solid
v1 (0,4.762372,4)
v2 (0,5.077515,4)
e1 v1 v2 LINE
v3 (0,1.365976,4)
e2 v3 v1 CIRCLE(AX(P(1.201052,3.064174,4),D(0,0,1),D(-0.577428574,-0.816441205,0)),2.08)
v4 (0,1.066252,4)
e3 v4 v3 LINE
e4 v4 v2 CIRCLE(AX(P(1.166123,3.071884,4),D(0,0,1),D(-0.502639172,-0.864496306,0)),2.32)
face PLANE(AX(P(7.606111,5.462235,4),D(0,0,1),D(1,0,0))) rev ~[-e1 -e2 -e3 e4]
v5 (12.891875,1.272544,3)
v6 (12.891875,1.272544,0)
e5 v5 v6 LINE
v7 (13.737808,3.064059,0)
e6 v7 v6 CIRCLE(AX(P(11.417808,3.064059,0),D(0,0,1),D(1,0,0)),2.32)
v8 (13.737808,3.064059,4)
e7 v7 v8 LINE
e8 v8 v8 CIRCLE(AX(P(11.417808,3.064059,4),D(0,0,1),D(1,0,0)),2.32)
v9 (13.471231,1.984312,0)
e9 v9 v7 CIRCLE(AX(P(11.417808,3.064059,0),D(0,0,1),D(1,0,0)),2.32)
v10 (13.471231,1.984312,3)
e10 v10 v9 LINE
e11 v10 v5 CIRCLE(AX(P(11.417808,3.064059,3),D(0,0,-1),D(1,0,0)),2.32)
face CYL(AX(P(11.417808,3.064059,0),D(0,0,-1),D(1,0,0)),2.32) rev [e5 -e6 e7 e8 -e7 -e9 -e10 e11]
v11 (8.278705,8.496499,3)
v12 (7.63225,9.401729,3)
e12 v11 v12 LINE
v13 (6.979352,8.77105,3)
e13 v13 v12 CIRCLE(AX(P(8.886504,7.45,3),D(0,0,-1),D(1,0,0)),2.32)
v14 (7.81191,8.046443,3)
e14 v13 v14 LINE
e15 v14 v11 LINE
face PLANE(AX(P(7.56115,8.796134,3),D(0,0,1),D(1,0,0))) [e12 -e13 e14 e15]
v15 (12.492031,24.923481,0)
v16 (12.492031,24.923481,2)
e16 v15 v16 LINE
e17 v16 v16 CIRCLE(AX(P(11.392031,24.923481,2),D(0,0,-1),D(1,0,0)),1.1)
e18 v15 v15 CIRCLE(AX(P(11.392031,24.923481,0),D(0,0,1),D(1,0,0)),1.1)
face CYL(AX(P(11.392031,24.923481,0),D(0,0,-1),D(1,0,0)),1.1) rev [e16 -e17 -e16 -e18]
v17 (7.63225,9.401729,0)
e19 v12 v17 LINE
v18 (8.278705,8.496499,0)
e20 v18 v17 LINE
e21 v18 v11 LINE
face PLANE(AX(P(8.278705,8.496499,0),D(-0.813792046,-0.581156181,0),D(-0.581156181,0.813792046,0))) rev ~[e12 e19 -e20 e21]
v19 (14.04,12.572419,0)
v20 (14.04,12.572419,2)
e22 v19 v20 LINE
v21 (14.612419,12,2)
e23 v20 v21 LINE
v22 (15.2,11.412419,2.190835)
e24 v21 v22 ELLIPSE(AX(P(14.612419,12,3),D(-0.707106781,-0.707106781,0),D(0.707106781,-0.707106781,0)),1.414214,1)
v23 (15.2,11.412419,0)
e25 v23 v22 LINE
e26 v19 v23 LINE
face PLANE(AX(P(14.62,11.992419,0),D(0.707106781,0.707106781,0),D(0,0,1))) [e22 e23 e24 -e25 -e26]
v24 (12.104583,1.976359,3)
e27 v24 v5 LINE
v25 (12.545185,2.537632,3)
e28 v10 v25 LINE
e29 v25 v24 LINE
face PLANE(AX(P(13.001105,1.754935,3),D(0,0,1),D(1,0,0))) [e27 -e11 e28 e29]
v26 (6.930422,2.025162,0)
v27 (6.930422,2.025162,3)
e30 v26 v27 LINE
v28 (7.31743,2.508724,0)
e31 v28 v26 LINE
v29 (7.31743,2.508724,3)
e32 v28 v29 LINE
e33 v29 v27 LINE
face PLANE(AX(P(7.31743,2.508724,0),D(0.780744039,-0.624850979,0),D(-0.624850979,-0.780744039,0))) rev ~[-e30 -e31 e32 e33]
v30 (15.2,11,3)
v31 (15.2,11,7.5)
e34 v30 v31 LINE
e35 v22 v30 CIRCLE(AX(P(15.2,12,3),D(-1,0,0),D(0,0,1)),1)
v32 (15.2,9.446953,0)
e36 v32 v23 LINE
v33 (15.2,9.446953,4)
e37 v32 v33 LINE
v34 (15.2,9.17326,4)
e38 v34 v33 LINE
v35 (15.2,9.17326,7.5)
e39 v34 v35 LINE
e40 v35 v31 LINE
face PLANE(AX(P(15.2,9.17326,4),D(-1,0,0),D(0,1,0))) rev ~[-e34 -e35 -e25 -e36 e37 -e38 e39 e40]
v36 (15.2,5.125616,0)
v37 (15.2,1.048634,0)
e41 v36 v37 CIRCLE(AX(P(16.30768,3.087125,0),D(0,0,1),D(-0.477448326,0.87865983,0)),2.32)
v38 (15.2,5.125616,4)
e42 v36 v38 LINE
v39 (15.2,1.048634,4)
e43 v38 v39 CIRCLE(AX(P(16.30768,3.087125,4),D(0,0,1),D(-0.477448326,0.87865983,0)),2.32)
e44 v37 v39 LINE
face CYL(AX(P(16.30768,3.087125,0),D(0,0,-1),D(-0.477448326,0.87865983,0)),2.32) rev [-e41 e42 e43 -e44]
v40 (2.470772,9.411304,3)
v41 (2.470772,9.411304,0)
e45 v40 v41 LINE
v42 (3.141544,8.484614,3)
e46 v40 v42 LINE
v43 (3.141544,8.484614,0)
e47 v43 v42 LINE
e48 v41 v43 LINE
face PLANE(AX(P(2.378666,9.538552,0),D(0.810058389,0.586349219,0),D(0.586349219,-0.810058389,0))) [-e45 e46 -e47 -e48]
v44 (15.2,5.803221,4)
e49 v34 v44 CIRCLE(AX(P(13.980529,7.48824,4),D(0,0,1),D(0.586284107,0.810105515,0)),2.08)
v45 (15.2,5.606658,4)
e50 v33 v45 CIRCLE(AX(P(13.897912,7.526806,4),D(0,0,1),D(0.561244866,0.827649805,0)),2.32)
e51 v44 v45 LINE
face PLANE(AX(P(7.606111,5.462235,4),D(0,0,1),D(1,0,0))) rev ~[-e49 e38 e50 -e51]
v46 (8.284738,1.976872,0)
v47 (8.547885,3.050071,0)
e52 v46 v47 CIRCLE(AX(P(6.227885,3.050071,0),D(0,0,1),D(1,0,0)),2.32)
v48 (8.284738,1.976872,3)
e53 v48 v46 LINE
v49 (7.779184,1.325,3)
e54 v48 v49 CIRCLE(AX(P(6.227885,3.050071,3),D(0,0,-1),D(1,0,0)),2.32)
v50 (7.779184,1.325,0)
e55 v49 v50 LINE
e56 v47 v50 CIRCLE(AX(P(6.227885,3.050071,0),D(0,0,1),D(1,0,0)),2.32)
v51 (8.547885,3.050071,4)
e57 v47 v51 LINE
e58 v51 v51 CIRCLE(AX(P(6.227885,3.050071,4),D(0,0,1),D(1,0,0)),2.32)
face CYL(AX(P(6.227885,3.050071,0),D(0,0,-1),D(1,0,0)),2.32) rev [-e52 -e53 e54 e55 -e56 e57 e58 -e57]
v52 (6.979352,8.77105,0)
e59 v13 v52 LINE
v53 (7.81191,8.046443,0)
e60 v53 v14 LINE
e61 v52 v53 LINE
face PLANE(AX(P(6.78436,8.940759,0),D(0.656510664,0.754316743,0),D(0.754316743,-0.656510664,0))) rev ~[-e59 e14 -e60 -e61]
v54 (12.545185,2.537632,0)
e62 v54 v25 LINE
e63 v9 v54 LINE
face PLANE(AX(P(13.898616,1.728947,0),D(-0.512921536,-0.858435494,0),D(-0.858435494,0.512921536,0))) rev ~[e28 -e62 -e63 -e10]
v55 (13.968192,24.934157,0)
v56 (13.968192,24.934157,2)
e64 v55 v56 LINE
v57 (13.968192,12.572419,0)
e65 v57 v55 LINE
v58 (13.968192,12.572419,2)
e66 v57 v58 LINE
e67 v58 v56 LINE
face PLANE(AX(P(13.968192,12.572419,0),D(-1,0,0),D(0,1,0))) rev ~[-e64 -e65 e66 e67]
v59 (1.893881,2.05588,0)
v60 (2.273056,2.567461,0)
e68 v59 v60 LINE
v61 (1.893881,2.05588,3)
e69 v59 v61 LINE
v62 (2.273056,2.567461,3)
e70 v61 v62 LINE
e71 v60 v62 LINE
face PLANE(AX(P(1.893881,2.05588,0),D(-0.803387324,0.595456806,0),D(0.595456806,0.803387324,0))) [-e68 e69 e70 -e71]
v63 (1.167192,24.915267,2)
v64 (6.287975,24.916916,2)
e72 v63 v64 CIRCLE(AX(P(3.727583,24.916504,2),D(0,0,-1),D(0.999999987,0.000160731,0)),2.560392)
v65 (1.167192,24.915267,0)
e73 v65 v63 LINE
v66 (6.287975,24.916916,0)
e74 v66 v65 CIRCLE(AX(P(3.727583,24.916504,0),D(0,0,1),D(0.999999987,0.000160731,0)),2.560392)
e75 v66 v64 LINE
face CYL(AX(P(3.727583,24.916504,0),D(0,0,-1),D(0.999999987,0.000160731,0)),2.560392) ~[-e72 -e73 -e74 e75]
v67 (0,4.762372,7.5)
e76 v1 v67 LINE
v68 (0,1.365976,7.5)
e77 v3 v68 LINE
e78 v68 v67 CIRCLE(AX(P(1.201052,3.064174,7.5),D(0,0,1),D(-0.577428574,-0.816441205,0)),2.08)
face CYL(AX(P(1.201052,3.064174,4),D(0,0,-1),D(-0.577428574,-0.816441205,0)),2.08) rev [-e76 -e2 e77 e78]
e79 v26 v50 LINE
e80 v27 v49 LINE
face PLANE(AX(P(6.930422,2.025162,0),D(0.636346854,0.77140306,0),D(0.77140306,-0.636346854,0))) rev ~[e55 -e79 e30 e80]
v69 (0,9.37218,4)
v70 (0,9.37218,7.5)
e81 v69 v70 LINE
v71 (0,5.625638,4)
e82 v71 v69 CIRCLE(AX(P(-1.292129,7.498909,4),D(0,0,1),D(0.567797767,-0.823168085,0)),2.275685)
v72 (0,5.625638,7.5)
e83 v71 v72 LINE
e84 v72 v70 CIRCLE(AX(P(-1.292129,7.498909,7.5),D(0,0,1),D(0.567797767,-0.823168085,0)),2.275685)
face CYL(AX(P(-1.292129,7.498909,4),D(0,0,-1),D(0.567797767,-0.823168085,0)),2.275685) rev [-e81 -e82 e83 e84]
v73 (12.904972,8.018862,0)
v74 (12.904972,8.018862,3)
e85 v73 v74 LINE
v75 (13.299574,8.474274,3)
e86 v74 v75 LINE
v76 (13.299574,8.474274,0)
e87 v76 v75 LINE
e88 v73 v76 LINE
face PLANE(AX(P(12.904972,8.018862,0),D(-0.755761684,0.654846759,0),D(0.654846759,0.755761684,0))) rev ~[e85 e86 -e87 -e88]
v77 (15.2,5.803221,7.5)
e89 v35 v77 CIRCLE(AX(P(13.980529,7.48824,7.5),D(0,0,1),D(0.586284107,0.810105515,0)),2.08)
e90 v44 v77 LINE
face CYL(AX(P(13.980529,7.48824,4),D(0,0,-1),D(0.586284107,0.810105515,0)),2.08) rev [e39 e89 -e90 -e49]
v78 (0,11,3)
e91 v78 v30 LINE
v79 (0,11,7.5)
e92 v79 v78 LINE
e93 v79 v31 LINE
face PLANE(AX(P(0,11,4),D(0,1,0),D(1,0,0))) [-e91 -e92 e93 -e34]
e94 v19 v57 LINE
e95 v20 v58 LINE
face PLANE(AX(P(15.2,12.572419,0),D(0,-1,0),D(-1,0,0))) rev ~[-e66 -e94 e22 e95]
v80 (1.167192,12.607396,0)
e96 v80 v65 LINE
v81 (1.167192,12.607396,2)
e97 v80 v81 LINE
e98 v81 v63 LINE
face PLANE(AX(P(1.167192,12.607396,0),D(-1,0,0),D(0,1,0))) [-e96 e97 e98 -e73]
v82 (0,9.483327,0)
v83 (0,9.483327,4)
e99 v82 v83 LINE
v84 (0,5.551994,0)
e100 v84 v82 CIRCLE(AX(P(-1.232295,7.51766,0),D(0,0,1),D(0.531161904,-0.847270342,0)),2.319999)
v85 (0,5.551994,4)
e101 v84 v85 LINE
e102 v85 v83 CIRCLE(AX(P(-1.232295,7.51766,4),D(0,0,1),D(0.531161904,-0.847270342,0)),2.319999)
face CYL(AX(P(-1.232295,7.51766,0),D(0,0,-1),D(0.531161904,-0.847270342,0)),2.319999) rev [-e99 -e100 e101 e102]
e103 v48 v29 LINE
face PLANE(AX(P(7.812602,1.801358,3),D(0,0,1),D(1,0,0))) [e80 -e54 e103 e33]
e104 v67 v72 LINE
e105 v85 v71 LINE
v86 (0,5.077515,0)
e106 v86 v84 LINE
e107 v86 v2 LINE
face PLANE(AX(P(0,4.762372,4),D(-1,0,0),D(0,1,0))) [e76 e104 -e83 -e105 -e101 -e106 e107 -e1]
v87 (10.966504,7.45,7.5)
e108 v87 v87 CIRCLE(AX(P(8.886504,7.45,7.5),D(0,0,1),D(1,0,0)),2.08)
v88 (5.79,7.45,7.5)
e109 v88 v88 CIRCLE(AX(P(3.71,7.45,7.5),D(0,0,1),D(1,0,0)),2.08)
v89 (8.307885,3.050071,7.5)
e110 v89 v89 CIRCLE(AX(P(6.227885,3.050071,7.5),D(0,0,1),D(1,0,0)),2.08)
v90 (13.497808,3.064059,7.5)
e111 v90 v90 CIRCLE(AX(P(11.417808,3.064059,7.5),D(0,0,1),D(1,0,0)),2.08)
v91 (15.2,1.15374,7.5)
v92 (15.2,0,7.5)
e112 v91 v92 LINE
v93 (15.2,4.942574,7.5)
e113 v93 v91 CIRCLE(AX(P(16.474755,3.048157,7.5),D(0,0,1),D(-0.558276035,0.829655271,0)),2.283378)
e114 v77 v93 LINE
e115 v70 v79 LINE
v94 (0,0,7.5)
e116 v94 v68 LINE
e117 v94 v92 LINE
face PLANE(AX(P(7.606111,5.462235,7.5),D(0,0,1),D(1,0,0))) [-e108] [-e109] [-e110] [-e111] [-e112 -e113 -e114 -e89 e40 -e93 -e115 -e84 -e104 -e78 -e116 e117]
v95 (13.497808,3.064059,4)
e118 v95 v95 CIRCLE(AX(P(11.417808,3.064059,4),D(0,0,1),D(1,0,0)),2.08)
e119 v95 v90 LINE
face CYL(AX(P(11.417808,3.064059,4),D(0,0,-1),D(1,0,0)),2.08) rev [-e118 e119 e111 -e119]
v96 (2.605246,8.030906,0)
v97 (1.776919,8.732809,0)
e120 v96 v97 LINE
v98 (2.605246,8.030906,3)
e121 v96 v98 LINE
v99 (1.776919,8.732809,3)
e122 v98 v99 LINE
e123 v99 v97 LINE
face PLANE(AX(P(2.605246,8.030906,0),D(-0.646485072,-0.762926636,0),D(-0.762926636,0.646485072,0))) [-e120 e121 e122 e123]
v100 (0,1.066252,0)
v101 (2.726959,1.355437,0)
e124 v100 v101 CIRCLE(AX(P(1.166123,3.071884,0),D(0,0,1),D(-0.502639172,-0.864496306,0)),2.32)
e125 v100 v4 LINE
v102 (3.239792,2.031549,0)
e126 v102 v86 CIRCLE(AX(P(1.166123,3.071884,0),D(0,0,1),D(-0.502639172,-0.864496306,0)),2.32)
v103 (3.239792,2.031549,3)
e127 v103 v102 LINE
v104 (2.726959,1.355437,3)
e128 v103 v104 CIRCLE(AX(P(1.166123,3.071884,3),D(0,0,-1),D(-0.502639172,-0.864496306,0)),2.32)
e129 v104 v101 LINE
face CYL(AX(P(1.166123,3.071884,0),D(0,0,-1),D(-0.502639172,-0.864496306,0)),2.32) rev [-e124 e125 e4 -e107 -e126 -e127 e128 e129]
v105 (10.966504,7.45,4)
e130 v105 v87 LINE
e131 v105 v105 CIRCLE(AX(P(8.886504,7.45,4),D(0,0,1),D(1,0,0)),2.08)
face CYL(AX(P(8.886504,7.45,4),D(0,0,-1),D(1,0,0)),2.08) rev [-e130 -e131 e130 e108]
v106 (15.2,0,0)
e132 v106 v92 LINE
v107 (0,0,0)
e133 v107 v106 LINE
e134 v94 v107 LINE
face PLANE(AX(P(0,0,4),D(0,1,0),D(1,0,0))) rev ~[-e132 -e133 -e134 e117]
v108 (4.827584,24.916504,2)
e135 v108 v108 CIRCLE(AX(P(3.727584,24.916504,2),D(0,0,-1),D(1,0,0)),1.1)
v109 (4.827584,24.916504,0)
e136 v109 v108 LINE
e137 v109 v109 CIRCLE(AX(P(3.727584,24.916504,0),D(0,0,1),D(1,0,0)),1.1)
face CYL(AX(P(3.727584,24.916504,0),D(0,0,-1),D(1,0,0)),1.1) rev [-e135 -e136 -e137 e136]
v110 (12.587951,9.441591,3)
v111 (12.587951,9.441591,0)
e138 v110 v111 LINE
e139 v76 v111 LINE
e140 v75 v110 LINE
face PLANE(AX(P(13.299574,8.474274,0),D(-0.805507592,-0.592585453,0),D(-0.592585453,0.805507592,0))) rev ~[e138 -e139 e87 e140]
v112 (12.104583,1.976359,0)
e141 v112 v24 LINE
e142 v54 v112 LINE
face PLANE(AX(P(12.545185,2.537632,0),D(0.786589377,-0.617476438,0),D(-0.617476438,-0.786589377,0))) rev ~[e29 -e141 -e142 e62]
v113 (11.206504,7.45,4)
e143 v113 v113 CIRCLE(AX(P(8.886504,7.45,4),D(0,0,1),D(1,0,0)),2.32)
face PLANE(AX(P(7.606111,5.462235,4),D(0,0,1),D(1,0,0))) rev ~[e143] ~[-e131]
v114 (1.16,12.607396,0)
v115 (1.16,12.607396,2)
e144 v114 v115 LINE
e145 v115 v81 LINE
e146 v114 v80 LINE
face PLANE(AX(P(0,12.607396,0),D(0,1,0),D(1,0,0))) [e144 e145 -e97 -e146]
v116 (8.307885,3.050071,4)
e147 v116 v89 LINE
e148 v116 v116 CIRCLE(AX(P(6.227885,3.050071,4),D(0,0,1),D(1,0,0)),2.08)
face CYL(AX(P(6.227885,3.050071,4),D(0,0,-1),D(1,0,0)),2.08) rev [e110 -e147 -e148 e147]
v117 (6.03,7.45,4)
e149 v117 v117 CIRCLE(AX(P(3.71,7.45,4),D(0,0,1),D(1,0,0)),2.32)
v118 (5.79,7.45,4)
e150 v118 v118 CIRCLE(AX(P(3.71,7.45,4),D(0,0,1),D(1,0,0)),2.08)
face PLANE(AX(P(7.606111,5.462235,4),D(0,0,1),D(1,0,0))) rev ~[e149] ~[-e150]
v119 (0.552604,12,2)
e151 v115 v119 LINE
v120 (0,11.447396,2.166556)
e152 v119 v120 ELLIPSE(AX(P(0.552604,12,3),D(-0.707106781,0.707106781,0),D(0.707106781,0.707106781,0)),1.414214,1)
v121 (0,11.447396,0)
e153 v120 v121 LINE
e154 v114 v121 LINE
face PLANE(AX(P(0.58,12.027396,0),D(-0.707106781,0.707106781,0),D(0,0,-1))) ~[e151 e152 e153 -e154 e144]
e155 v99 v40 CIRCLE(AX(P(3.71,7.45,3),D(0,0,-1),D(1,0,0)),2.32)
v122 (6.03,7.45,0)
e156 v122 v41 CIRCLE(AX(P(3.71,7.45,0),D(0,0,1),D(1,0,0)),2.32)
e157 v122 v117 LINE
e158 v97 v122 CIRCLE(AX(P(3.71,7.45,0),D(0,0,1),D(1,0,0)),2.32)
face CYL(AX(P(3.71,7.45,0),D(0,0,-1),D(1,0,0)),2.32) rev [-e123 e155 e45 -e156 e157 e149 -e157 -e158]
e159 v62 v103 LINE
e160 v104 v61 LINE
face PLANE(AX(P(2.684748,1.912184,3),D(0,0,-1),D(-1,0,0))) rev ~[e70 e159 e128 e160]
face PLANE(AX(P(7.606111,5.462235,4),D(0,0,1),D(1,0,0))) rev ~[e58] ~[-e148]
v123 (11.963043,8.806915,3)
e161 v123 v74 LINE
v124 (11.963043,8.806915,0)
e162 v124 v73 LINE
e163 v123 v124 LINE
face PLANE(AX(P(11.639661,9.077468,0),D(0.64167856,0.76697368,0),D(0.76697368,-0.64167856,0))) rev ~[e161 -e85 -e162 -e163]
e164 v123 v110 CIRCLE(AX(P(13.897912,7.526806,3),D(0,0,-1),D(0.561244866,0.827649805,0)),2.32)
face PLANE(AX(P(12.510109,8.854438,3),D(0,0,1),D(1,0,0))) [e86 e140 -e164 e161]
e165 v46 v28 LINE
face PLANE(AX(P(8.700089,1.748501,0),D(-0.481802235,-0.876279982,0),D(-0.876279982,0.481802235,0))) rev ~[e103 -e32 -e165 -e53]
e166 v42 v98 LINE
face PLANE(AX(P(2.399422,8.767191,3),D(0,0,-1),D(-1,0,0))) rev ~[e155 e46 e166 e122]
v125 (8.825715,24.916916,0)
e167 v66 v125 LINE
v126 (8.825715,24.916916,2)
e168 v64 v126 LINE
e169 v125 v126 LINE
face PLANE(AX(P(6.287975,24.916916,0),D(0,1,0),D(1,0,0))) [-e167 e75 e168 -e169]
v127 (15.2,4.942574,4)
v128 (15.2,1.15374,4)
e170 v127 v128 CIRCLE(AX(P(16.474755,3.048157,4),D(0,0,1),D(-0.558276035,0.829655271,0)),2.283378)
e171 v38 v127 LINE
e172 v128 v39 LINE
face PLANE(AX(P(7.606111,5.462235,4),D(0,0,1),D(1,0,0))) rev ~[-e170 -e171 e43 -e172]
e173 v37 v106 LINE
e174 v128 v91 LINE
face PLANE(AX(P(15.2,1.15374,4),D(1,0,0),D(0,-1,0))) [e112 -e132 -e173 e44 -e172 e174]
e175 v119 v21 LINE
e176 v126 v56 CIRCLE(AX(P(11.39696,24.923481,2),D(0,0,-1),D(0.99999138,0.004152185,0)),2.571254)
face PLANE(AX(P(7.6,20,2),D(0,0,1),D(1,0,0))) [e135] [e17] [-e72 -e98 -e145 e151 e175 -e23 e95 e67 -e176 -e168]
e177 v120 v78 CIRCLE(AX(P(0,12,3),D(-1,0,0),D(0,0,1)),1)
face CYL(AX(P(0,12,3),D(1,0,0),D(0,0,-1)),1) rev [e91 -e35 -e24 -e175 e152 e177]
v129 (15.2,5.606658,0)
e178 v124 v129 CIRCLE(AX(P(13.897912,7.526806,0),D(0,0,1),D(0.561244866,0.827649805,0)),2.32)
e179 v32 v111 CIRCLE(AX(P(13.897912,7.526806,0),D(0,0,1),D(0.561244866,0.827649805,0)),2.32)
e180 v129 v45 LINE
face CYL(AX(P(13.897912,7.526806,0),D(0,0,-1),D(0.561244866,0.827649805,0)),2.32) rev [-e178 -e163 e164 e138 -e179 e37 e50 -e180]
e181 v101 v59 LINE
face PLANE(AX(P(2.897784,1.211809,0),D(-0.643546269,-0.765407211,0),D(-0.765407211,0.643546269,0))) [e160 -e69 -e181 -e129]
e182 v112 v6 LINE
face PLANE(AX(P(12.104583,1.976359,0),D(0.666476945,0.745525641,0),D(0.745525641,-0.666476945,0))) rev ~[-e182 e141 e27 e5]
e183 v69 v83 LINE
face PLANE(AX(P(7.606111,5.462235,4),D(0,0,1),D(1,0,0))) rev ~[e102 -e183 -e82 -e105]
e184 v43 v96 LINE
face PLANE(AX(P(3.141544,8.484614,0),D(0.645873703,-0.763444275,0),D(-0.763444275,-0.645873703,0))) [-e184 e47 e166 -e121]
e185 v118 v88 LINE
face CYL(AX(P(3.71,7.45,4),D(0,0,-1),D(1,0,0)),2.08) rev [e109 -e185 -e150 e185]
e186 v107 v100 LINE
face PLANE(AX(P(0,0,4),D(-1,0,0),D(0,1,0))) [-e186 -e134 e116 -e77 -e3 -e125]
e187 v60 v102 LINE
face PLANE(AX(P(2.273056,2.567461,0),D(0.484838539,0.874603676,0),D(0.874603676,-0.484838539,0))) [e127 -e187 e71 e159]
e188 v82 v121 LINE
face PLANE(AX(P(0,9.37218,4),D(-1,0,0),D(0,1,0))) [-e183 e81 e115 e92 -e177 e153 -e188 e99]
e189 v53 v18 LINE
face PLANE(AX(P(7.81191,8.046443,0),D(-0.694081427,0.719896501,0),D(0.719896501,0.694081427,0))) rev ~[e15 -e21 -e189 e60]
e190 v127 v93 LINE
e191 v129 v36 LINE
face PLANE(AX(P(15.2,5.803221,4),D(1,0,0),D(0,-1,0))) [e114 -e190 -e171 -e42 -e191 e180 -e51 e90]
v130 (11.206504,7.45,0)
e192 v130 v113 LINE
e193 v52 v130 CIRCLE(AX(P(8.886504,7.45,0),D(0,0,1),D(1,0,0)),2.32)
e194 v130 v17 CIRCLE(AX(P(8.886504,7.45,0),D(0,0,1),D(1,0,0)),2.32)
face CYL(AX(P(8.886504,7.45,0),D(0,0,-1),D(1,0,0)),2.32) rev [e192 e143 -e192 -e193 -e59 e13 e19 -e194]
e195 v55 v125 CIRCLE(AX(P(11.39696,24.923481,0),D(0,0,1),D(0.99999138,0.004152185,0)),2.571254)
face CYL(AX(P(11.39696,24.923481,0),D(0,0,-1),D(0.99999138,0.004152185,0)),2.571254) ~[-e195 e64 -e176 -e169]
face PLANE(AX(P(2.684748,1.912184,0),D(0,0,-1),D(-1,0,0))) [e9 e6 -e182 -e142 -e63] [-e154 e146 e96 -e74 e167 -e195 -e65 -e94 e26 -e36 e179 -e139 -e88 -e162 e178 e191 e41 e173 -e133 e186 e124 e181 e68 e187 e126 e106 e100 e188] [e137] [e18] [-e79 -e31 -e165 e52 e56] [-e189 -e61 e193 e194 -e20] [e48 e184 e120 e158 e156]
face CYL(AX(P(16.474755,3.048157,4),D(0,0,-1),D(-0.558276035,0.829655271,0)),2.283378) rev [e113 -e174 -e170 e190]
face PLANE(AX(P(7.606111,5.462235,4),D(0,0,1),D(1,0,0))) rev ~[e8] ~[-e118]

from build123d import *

# Parameters (mm, degrees)
BOX_W         = 15.2
BOX_H         = 18
BOX_DEPTH     = 10
PAD003_DEPTH  = 3
SKETCH002_R   = 2.08
PAD002_DEPTH  = 3.5
SKETCH001_R   = 1.1
SKETCH001_R_2 = 2.32
PAD001_DEPTH  = 4
CHAMFER_SIZE  = 1.16
FILLET_R      = 1


with BuildPart() as w_rfel:
    # Box → Box (new body)
    with BuildSketch(Plane(origin=(0, 11, 2), x_dir=(1, 0, 0), z_dir=(0, 0, 1))):
        with Locations((7.6, 9)):
            Rectangle(BOX_W, BOX_H)
    extrude(amount=BOX_DEPTH)


with BuildPart() as pad003:
    # Sketch003 → Pad003 (new body)
    with BuildSketch(Plane.XY):
        Polygon((2.378666, 9.538552), (3.141544, 8.484614), (2.605246, 8.030906), (1.603856, 8.879459), align=None)
        Polygon((6.78436, 8.940759), (7.81191, 8.046443), (8.278705, 8.496499), (7.513181, 9.568461), align=None)
        Polygon((11.639661, 9.077468), (12.904972, 8.018862), (13.299574, 8.474274), (12.400975, 9.695749), align=None)
        Polygon((12.104583, 1.976359), (13.30563, 0.90266), (13.898616, 1.728947), (12.545185, 2.537632), align=None)
        Polygon((8.700089, 1.748501), (7.31743, 2.508724), (6.930422, 2.025162), (8.137034, 1.029802), align=None)
        Polygon((2.273056, 2.567461), (3.508846, 1.882398), (2.897784, 1.211809), (1.893881, 2.05588), align=None)
    extrude(amount=PAD003_DEPTH)


with BuildPart() as pad002:
    # Sketch002 → Pad002 (new body)
    with BuildSketch(Plane.XY.offset(4)):
        with BuildLine():
            Line((0, 0), (15.2, 0))
            Line((15.2, 1.15374), (15.2, 0))
            ThreePointArc((15.2, 4.942574), (14.191377, 3.048157), (15.2, 1.15374))
            Line((15.2, 5.803221), (15.2, 4.942574))
            ThreePointArc((15.2, 9.17326), (11.900529, 7.488241), (15.2, 5.803221))
            Line((15.2, 9.17326), (15.2, 11))
            Line((0, 11), (15.2, 11))
            Line((0, 9.37218), (0, 11))
            ThreePointArc((0, 5.625638), (0.983556, 7.498909), (0, 9.37218))
            Line((0, 4.762372), (0, 5.625638))
            ThreePointArc((0, 1.365976), (3.281052, 3.064174), (0, 4.762372))
            Line((0, 0), (0, 1.365976))
        make_face()
        with Locations((3.71, 7.45)):
            Circle(SKETCH002_R, mode=Mode.SUBTRACT)
        with Locations((8.886504, 7.45)):
            Circle(SKETCH002_R, mode=Mode.SUBTRACT)
        with Locations((11.417808, 3.064059)):
            Circle(SKETCH002_R, mode=Mode.SUBTRACT)
        with Locations((6.227885, 3.050071)):
            Circle(SKETCH002_R, mode=Mode.SUBTRACT)
    extrude(amount=PAD002_DEPTH)


with BuildPart() as cut:
    # Sketch001 → Pad001 (new body)
    with BuildSketch(Plane.XY):
        with BuildLine():
            Line((1.167192, 12.607396), (1.167192, 24.915267))
            ThreePointArc((6.287975, 24.916916), (3.726759, 27.476896), (1.167192, 24.915267))
            Line((6.287975, 24.916916), (8.825715, 24.916916))
            ThreePointArc((13.968192, 24.934157), (11.38834, 27.49472), (8.825715, 24.916916))
            Line((13.968192, 12.572419), (13.968192, 24.934157))
            Line((15.2, 12.572419), (13.968192, 12.572419))
            Line((15.2, 9.446953), (15.2, 12.572419))
            ThreePointArc((15.2, 9.446953), (11.577912, 7.526805), (15.2, 5.606658))
            Line((15.2, 5.606658), (15.2, 5.125616))
            ThreePointArc((15.2, 5.125616), (13.98768, 3.087125), (15.2, 1.048634))
            Line((15.2, 1.048634), (15.2, 0))
            Line((0, 0), (15.2, 0))
            Line((0, 0), (0, 1.066252))
            ThreePointArc((0, 1.066252), (3.486123, 3.071883), (0, 5.077515))
            Line((0, 5.077515), (0, 5.551994))
            ThreePointArc((0, 5.551994), (1.087704, 7.51766), (0, 9.483327))
            Line((0, 9.483327), (0, 12.607396))
            Line((0, 12.607396), (1.167192, 12.607396))
        make_face()
        with Locations((3.727584, 24.916504)):
            Circle(SKETCH001_R, mode=Mode.SUBTRACT)
        with Locations((11.392031, 24.923481)):
            Circle(SKETCH001_R, mode=Mode.SUBTRACT)
        with Locations((3.71, 7.45)):
            Circle(SKETCH001_R_2, mode=Mode.SUBTRACT)
        with Locations((8.886504, 7.45)):
            Circle(SKETCH001_R_2, mode=Mode.SUBTRACT)
        with Locations((11.417808, 3.064059)):
            Circle(SKETCH001_R_2, mode=Mode.SUBTRACT)
        with Locations((6.227885, 3.050071)):
            Circle(SKETCH001_R_2, mode=Mode.SUBTRACT)
    extrude(amount=PAD001_DEPTH)

    # Chamfer
    chamfer_edges = [cut.edges().sort_by_distance(p)[0] for p in [
        (0, 12.607396, 2),
        (15.2, 12.572419, 2),
    ]]
    chamfer(chamfer_edges, length=CHAMFER_SIZE)

    # Fusion: union Pad003, Pad002
    add(pad003.part)
    add(pad002.part)

    # Cut: cut Würfel
    add(w_rfel.part, mode=Mode.SUBTRACT)


with BuildPart() as motorholder:
    # Fillet base: copy of Cut
    add(cut.part)

    # Fillet
    fillet_edges = [motorholder.edges().sort_by_distance(p)[0] for p in [
        (7.6, 11, 2),
    ]]
    fillet(fillet_edges, radius=FILLET_R)

    # Fusion001: union Cut
    add(cut.part)


solid = motorholder.part
